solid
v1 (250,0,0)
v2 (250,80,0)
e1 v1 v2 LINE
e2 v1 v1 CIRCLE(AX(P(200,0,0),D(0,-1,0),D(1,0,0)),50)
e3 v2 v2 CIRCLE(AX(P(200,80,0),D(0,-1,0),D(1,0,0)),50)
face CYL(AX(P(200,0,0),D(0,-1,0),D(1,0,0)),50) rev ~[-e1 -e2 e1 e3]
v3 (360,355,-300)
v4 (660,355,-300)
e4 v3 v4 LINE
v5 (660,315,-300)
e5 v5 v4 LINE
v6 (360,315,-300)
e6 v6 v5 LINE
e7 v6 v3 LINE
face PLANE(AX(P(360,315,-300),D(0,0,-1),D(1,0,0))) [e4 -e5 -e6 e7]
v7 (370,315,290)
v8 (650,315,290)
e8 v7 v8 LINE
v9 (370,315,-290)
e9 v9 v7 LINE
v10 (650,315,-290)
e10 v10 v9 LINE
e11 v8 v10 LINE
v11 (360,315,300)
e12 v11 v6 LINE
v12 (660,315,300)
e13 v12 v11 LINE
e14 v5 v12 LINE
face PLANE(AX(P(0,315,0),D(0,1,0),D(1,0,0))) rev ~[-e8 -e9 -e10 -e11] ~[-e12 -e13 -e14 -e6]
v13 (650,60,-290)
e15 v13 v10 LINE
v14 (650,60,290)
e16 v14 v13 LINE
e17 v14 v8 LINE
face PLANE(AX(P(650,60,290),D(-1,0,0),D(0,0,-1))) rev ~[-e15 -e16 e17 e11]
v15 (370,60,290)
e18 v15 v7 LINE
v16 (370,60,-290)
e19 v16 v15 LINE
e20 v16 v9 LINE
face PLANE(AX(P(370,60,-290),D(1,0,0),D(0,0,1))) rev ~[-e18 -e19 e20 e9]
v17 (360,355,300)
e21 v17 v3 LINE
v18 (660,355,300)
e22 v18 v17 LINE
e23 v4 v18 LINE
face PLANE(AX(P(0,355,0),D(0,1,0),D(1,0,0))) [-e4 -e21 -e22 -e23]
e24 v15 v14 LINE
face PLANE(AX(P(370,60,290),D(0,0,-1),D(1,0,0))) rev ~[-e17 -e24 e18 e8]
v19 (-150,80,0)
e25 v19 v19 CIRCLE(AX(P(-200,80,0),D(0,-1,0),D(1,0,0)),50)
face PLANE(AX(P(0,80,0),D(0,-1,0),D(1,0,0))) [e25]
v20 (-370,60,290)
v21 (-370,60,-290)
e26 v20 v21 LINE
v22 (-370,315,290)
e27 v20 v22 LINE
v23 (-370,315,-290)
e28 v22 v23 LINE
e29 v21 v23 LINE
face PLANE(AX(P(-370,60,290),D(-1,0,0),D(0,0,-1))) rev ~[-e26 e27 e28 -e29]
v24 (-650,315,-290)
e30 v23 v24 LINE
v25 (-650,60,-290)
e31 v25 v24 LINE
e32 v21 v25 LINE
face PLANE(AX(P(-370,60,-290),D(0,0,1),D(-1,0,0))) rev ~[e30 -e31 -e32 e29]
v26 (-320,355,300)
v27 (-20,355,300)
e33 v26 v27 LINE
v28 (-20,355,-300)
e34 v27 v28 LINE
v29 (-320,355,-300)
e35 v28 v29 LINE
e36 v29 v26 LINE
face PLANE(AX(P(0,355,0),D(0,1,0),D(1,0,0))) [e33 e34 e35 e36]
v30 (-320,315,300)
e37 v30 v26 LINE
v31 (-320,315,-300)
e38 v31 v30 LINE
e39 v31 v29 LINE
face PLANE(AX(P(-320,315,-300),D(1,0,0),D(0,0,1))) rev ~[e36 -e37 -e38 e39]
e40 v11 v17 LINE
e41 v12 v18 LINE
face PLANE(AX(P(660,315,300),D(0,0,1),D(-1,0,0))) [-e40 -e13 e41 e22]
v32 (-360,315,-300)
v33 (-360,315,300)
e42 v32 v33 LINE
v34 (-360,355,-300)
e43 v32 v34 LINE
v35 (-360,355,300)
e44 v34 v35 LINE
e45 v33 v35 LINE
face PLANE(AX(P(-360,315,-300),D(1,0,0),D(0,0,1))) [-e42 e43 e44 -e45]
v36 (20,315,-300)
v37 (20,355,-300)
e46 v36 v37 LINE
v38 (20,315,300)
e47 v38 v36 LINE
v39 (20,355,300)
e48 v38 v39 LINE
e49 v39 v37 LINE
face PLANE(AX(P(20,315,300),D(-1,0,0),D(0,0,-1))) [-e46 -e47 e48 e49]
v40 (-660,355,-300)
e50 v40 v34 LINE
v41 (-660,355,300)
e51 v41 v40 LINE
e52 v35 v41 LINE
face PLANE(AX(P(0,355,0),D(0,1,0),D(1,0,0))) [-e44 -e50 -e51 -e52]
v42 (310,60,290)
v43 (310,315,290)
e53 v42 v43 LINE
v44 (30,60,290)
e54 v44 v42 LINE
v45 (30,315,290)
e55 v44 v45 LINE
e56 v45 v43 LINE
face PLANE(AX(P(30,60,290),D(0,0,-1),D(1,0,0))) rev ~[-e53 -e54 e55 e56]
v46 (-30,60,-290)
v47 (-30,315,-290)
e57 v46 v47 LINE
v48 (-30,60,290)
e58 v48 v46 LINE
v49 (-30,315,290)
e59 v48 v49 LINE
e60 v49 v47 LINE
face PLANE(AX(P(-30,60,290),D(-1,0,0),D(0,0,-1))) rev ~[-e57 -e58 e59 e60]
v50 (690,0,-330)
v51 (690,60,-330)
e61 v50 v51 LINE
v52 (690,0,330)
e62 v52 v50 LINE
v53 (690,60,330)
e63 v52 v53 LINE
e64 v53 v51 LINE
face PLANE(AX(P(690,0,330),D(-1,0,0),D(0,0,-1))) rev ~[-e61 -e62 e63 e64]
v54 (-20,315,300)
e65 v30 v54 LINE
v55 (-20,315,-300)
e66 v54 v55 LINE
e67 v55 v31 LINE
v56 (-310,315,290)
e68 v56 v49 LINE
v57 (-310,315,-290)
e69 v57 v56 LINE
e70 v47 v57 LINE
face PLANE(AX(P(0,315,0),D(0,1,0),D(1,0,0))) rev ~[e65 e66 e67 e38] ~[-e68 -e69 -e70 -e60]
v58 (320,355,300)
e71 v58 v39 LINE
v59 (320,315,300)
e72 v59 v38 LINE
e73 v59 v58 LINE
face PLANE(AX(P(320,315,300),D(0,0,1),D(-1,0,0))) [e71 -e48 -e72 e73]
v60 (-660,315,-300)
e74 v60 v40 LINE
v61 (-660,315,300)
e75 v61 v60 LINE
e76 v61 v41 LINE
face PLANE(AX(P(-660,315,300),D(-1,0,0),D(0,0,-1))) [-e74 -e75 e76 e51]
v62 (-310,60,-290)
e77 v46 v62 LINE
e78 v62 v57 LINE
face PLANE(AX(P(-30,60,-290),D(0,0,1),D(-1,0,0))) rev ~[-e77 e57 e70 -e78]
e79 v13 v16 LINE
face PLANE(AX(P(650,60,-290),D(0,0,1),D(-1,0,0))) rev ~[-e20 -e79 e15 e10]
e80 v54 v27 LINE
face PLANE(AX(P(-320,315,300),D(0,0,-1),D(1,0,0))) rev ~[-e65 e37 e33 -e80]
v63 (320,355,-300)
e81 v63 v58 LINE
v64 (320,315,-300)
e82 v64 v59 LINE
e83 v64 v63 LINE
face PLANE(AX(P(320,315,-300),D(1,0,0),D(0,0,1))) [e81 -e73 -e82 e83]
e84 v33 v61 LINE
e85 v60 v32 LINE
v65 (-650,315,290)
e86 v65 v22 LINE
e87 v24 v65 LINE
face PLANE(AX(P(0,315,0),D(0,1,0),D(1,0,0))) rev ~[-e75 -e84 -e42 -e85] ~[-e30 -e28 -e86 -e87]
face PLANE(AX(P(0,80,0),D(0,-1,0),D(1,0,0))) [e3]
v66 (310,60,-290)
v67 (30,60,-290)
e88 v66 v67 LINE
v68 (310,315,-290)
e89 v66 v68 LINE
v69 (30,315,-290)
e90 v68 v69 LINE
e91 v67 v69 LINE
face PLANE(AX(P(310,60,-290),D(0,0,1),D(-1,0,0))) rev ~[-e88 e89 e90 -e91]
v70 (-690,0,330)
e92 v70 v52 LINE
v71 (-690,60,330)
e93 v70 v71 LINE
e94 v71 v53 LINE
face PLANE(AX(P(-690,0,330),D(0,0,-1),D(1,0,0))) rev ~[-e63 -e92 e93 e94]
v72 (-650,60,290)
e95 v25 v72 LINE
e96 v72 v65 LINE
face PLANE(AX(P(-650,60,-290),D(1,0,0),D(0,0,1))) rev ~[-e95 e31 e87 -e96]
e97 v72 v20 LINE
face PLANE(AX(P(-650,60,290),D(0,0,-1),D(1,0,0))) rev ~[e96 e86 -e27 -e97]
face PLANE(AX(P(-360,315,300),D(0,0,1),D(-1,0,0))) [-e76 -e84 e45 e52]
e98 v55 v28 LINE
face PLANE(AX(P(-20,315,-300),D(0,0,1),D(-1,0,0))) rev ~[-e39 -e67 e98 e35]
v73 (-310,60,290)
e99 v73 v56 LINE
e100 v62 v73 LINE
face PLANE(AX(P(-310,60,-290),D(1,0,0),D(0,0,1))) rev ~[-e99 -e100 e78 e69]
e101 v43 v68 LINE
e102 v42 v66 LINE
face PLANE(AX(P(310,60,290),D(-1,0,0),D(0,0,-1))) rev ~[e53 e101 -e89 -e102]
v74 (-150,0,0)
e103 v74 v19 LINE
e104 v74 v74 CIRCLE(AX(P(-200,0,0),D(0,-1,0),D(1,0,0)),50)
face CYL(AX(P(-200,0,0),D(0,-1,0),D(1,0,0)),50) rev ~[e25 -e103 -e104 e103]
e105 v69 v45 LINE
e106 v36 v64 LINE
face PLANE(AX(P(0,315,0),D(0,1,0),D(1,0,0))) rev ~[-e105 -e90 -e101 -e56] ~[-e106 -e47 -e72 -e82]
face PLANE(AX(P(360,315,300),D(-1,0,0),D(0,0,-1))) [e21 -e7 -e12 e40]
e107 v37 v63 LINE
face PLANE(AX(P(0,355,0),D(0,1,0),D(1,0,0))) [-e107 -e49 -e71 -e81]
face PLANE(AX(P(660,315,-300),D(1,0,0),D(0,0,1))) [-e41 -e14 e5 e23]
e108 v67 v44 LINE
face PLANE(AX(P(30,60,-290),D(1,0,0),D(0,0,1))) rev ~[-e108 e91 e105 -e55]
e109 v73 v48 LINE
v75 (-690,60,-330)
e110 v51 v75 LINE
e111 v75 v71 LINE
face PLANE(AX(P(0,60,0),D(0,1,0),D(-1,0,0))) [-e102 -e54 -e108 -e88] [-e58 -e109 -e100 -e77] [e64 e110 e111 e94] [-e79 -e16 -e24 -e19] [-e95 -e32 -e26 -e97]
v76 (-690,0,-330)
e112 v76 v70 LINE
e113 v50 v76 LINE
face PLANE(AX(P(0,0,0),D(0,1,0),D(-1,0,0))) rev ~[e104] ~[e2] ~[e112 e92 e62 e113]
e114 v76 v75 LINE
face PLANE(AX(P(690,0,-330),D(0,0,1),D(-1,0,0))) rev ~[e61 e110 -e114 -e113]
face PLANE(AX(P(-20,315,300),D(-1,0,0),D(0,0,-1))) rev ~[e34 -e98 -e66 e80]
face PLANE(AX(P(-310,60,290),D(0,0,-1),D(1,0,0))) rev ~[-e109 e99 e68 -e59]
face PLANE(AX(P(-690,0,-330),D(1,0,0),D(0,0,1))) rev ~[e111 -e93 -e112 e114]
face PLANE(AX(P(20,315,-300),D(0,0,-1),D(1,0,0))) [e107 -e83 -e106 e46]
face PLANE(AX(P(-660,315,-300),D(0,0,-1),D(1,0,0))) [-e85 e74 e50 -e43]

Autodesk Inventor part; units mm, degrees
ref_plane "YZ Plane" through (0, 0, 0) normal (1, 0, 0) x (0, 1, 0)
ref_plane "XZ Plane" through (0, 0, 0) normal (0, 1, 0) x (-1, 0, 0)
ref_plane "XY Plane" through (0, 0, 0) normal (0, 0, 1) x (1, 0, 0)
sketch "Sketch1" plane through (0, 0, 0) normal (0, 1, 0) x (-1, 0, 0)
  line L0 (-690, -330) -> (690, -330)
  line L1 (690, -330) -> (690, 330)
  line L2 (690, 330) -> (-690, 330)
  line L3 (-690, 330) -> (-690, -330)
  line L4 (-690, -330) -> (690, 330) construction
  line L5 (690, -330) -> (-690, 330) construction
  point P0 (0, 0)
  dimension "d0" = 1380
  dimension "d1" = 660
extrude "Extrusion1" add sketch "Sketch1" along normal blind 60
sketch "Sketch2" plane through (0, 60, 0) normal (0, 1, 0) x (1, 0, 0)
  line L0 (-660, 300) -> (-360, 300) construction
  line L1 (-360, 300) -> (-360, -300) construction
  line L2 (-360, -300) -> (-660, -300) construction
  line L3 (-660, -300) -> (-660, 300) construction
  line L4 (-660, 300) -> (-360, -300) construction
  line L5 (-360, 300) -> (-660, -300) construction
  line L6 (-690, 330) -> (-690, -330) projected
  line L7 (-690, 0) -> (690, 0) construction
  line L8 (690, -330) -> (690, 330) construction
  line L9 (-370, 290) -> (-650, 290)
  line L10 (-650, 290) -> (-650, -290)
  line L11 (-650, -290) -> (-370, -290)
  line L12 (-370, -290) -> (-370, 290)
  line L13 (-20, 300) -> (-20, -300) construction
  line L14 (-30, -290) -> (-30, 290)
  line L15 (-30, 290) -> (-310, 290)
  line L16 (-320, 300) -> (-20, 300) construction
  line L17 (-310, 290) -> (-310, -290)
  line L18 (-320, -300) -> (-320, 300) construction
  line L19 (-320, 300) -> (-20, -300) construction
  line L20 (-20, 300) -> (-320, -300) construction
  line L21 (-310, -290) -> (-30, -290)
  line L22 (-20, -300) -> (-320, -300) construction
  line L23 (320, 300) -> (320, -300) construction
  line L24 (310, -290) -> (310, 290)
  line L25 (310, 290) -> (30, 290)
  line L26 (20, 300) -> (320, 300) construction
  line L27 (30, 290) -> (30, -290)
  line L28 (20, -300) -> (20, 300) construction
  line L29 (20, 300) -> (320, -300) construction
  line L30 (320, 300) -> (20, -300) construction
  line L31 (30, -290) -> (310, -290)
  line L32 (320, -300) -> (20, -300) construction
  line L33 (660, 300) -> (660, -300) construction
  line L34 (650, -290) -> (650, 290)
  line L35 (650, 290) -> (370, 290)
  line L36 (360, 300) -> (660, 300) construction
  line L37 (370, 290) -> (370, -290)
  line L38 (360, -300) -> (360, 300) construction
  line L39 (360, 300) -> (660, -300) construction
  line L40 (660, 300) -> (360, -300) construction
  line L41 (370, -290) -> (650, -290)
  line L42 (660, -300) -> (360, -300) construction
  point P0 (0, 0)
  point P1 (-510, 0)
  point P2 (-170, 0)
  point P3 (170, 0)
  point P4 (510, 0)
  dimension "d4" = 300
  dimension "d5" = 600
  dimension "d6" = 30
  dimension "d7" = 10
  dimension "d10" = 340
extrude "Extrusion2" add sketch "Sketch2" along normal blind 255
sketch "Sketch3" plane through (0, 315, 0) normal (0, 1, 0) x (1, 0, 0)
  line L0 (-650, 290) -> (-650, -290) construction
  line L1 (-650, -290) -> (-370, -290) construction
  line L2 (-370, -290) -> (-370, 290) construction
  line L3 (-370, 290) -> (-650, 290) construction
  line L4 (-30, 290) -> (-310, 290) construction
  line L5 (-310, 290) -> (-310, -290) construction
  line L6 (-310, -290) -> (-30, -290) construction
  line L7 (-30, -290) -> (-30, 290) construction
  line L8 (310, 290) -> (30, 290) construction
  line L9 (30, 290) -> (30, -290) construction
  line L10 (30, -290) -> (310, -290) construction
  line L11 (310, -290) -> (310, 290) construction
  line L12 (650, 290) -> (370, 290) construction
  line L13 (370, 290) -> (370, -290) construction
  line L14 (370, -290) -> (650, -290) construction
  line L15 (650, -290) -> (650, 290) construction
  line L16 (-360, 300) -> (-360, -300)
  line L17 (-360, -300) -> (-660, -300)
  line L18 (-660, -300) -> (-660, 300)
  line L19 (-660, 300) -> (-360, 300)
  line L20 (-20, 300) -> (-320, 300)
  line L21 (-320, 300) -> (-320, -300)
  line L22 (-320, -300) -> (-20, -300)
  line L23 (-20, -300) -> (-20, 300)
  line L24 (20, 300) -> (320, 300)
  line L25 (320, 300) -> (320, -300)
  line L26 (320, -300) -> (20, -300)
  line L27 (20, -300) -> (20, 300)
  line L28 (360, -300) -> (360, 300)
  line L29 (360, 300) -> (660, 300)
  line L30 (660, 300) -> (660, -300)
  line L31 (660, -300) -> (360, -300)
  point P0 (0, 0)
  dimension "d17" = 10
  dimension "d18" = 10
  dimension "d19" = 10
  dimension "d20" = 10
extrude "Extrusion3" add sketch "Sketch3" along normal blind 40
sketch "Sketch4" plane through (0, 0, 0) normal (0, -1, 0) x (1, 0, 0)
  circle A0 centre (-200, 0) radius 50
  circle A1 centre (200, 0) radius 50
  line L0 (-200, 0) -> (200, 0) construction
  point P0 (0, 0)
  point P1 (0, 0)
  dimension "d23" = 100
  dimension "d24" = 100
  dimension "d25" = 400
extrude "Extrusion4" cut sketch "Sketch4" against normal blind 80
properties part number "SACMI PH1500 30X60 DIE SET TILES BOTTOM MOLD"
